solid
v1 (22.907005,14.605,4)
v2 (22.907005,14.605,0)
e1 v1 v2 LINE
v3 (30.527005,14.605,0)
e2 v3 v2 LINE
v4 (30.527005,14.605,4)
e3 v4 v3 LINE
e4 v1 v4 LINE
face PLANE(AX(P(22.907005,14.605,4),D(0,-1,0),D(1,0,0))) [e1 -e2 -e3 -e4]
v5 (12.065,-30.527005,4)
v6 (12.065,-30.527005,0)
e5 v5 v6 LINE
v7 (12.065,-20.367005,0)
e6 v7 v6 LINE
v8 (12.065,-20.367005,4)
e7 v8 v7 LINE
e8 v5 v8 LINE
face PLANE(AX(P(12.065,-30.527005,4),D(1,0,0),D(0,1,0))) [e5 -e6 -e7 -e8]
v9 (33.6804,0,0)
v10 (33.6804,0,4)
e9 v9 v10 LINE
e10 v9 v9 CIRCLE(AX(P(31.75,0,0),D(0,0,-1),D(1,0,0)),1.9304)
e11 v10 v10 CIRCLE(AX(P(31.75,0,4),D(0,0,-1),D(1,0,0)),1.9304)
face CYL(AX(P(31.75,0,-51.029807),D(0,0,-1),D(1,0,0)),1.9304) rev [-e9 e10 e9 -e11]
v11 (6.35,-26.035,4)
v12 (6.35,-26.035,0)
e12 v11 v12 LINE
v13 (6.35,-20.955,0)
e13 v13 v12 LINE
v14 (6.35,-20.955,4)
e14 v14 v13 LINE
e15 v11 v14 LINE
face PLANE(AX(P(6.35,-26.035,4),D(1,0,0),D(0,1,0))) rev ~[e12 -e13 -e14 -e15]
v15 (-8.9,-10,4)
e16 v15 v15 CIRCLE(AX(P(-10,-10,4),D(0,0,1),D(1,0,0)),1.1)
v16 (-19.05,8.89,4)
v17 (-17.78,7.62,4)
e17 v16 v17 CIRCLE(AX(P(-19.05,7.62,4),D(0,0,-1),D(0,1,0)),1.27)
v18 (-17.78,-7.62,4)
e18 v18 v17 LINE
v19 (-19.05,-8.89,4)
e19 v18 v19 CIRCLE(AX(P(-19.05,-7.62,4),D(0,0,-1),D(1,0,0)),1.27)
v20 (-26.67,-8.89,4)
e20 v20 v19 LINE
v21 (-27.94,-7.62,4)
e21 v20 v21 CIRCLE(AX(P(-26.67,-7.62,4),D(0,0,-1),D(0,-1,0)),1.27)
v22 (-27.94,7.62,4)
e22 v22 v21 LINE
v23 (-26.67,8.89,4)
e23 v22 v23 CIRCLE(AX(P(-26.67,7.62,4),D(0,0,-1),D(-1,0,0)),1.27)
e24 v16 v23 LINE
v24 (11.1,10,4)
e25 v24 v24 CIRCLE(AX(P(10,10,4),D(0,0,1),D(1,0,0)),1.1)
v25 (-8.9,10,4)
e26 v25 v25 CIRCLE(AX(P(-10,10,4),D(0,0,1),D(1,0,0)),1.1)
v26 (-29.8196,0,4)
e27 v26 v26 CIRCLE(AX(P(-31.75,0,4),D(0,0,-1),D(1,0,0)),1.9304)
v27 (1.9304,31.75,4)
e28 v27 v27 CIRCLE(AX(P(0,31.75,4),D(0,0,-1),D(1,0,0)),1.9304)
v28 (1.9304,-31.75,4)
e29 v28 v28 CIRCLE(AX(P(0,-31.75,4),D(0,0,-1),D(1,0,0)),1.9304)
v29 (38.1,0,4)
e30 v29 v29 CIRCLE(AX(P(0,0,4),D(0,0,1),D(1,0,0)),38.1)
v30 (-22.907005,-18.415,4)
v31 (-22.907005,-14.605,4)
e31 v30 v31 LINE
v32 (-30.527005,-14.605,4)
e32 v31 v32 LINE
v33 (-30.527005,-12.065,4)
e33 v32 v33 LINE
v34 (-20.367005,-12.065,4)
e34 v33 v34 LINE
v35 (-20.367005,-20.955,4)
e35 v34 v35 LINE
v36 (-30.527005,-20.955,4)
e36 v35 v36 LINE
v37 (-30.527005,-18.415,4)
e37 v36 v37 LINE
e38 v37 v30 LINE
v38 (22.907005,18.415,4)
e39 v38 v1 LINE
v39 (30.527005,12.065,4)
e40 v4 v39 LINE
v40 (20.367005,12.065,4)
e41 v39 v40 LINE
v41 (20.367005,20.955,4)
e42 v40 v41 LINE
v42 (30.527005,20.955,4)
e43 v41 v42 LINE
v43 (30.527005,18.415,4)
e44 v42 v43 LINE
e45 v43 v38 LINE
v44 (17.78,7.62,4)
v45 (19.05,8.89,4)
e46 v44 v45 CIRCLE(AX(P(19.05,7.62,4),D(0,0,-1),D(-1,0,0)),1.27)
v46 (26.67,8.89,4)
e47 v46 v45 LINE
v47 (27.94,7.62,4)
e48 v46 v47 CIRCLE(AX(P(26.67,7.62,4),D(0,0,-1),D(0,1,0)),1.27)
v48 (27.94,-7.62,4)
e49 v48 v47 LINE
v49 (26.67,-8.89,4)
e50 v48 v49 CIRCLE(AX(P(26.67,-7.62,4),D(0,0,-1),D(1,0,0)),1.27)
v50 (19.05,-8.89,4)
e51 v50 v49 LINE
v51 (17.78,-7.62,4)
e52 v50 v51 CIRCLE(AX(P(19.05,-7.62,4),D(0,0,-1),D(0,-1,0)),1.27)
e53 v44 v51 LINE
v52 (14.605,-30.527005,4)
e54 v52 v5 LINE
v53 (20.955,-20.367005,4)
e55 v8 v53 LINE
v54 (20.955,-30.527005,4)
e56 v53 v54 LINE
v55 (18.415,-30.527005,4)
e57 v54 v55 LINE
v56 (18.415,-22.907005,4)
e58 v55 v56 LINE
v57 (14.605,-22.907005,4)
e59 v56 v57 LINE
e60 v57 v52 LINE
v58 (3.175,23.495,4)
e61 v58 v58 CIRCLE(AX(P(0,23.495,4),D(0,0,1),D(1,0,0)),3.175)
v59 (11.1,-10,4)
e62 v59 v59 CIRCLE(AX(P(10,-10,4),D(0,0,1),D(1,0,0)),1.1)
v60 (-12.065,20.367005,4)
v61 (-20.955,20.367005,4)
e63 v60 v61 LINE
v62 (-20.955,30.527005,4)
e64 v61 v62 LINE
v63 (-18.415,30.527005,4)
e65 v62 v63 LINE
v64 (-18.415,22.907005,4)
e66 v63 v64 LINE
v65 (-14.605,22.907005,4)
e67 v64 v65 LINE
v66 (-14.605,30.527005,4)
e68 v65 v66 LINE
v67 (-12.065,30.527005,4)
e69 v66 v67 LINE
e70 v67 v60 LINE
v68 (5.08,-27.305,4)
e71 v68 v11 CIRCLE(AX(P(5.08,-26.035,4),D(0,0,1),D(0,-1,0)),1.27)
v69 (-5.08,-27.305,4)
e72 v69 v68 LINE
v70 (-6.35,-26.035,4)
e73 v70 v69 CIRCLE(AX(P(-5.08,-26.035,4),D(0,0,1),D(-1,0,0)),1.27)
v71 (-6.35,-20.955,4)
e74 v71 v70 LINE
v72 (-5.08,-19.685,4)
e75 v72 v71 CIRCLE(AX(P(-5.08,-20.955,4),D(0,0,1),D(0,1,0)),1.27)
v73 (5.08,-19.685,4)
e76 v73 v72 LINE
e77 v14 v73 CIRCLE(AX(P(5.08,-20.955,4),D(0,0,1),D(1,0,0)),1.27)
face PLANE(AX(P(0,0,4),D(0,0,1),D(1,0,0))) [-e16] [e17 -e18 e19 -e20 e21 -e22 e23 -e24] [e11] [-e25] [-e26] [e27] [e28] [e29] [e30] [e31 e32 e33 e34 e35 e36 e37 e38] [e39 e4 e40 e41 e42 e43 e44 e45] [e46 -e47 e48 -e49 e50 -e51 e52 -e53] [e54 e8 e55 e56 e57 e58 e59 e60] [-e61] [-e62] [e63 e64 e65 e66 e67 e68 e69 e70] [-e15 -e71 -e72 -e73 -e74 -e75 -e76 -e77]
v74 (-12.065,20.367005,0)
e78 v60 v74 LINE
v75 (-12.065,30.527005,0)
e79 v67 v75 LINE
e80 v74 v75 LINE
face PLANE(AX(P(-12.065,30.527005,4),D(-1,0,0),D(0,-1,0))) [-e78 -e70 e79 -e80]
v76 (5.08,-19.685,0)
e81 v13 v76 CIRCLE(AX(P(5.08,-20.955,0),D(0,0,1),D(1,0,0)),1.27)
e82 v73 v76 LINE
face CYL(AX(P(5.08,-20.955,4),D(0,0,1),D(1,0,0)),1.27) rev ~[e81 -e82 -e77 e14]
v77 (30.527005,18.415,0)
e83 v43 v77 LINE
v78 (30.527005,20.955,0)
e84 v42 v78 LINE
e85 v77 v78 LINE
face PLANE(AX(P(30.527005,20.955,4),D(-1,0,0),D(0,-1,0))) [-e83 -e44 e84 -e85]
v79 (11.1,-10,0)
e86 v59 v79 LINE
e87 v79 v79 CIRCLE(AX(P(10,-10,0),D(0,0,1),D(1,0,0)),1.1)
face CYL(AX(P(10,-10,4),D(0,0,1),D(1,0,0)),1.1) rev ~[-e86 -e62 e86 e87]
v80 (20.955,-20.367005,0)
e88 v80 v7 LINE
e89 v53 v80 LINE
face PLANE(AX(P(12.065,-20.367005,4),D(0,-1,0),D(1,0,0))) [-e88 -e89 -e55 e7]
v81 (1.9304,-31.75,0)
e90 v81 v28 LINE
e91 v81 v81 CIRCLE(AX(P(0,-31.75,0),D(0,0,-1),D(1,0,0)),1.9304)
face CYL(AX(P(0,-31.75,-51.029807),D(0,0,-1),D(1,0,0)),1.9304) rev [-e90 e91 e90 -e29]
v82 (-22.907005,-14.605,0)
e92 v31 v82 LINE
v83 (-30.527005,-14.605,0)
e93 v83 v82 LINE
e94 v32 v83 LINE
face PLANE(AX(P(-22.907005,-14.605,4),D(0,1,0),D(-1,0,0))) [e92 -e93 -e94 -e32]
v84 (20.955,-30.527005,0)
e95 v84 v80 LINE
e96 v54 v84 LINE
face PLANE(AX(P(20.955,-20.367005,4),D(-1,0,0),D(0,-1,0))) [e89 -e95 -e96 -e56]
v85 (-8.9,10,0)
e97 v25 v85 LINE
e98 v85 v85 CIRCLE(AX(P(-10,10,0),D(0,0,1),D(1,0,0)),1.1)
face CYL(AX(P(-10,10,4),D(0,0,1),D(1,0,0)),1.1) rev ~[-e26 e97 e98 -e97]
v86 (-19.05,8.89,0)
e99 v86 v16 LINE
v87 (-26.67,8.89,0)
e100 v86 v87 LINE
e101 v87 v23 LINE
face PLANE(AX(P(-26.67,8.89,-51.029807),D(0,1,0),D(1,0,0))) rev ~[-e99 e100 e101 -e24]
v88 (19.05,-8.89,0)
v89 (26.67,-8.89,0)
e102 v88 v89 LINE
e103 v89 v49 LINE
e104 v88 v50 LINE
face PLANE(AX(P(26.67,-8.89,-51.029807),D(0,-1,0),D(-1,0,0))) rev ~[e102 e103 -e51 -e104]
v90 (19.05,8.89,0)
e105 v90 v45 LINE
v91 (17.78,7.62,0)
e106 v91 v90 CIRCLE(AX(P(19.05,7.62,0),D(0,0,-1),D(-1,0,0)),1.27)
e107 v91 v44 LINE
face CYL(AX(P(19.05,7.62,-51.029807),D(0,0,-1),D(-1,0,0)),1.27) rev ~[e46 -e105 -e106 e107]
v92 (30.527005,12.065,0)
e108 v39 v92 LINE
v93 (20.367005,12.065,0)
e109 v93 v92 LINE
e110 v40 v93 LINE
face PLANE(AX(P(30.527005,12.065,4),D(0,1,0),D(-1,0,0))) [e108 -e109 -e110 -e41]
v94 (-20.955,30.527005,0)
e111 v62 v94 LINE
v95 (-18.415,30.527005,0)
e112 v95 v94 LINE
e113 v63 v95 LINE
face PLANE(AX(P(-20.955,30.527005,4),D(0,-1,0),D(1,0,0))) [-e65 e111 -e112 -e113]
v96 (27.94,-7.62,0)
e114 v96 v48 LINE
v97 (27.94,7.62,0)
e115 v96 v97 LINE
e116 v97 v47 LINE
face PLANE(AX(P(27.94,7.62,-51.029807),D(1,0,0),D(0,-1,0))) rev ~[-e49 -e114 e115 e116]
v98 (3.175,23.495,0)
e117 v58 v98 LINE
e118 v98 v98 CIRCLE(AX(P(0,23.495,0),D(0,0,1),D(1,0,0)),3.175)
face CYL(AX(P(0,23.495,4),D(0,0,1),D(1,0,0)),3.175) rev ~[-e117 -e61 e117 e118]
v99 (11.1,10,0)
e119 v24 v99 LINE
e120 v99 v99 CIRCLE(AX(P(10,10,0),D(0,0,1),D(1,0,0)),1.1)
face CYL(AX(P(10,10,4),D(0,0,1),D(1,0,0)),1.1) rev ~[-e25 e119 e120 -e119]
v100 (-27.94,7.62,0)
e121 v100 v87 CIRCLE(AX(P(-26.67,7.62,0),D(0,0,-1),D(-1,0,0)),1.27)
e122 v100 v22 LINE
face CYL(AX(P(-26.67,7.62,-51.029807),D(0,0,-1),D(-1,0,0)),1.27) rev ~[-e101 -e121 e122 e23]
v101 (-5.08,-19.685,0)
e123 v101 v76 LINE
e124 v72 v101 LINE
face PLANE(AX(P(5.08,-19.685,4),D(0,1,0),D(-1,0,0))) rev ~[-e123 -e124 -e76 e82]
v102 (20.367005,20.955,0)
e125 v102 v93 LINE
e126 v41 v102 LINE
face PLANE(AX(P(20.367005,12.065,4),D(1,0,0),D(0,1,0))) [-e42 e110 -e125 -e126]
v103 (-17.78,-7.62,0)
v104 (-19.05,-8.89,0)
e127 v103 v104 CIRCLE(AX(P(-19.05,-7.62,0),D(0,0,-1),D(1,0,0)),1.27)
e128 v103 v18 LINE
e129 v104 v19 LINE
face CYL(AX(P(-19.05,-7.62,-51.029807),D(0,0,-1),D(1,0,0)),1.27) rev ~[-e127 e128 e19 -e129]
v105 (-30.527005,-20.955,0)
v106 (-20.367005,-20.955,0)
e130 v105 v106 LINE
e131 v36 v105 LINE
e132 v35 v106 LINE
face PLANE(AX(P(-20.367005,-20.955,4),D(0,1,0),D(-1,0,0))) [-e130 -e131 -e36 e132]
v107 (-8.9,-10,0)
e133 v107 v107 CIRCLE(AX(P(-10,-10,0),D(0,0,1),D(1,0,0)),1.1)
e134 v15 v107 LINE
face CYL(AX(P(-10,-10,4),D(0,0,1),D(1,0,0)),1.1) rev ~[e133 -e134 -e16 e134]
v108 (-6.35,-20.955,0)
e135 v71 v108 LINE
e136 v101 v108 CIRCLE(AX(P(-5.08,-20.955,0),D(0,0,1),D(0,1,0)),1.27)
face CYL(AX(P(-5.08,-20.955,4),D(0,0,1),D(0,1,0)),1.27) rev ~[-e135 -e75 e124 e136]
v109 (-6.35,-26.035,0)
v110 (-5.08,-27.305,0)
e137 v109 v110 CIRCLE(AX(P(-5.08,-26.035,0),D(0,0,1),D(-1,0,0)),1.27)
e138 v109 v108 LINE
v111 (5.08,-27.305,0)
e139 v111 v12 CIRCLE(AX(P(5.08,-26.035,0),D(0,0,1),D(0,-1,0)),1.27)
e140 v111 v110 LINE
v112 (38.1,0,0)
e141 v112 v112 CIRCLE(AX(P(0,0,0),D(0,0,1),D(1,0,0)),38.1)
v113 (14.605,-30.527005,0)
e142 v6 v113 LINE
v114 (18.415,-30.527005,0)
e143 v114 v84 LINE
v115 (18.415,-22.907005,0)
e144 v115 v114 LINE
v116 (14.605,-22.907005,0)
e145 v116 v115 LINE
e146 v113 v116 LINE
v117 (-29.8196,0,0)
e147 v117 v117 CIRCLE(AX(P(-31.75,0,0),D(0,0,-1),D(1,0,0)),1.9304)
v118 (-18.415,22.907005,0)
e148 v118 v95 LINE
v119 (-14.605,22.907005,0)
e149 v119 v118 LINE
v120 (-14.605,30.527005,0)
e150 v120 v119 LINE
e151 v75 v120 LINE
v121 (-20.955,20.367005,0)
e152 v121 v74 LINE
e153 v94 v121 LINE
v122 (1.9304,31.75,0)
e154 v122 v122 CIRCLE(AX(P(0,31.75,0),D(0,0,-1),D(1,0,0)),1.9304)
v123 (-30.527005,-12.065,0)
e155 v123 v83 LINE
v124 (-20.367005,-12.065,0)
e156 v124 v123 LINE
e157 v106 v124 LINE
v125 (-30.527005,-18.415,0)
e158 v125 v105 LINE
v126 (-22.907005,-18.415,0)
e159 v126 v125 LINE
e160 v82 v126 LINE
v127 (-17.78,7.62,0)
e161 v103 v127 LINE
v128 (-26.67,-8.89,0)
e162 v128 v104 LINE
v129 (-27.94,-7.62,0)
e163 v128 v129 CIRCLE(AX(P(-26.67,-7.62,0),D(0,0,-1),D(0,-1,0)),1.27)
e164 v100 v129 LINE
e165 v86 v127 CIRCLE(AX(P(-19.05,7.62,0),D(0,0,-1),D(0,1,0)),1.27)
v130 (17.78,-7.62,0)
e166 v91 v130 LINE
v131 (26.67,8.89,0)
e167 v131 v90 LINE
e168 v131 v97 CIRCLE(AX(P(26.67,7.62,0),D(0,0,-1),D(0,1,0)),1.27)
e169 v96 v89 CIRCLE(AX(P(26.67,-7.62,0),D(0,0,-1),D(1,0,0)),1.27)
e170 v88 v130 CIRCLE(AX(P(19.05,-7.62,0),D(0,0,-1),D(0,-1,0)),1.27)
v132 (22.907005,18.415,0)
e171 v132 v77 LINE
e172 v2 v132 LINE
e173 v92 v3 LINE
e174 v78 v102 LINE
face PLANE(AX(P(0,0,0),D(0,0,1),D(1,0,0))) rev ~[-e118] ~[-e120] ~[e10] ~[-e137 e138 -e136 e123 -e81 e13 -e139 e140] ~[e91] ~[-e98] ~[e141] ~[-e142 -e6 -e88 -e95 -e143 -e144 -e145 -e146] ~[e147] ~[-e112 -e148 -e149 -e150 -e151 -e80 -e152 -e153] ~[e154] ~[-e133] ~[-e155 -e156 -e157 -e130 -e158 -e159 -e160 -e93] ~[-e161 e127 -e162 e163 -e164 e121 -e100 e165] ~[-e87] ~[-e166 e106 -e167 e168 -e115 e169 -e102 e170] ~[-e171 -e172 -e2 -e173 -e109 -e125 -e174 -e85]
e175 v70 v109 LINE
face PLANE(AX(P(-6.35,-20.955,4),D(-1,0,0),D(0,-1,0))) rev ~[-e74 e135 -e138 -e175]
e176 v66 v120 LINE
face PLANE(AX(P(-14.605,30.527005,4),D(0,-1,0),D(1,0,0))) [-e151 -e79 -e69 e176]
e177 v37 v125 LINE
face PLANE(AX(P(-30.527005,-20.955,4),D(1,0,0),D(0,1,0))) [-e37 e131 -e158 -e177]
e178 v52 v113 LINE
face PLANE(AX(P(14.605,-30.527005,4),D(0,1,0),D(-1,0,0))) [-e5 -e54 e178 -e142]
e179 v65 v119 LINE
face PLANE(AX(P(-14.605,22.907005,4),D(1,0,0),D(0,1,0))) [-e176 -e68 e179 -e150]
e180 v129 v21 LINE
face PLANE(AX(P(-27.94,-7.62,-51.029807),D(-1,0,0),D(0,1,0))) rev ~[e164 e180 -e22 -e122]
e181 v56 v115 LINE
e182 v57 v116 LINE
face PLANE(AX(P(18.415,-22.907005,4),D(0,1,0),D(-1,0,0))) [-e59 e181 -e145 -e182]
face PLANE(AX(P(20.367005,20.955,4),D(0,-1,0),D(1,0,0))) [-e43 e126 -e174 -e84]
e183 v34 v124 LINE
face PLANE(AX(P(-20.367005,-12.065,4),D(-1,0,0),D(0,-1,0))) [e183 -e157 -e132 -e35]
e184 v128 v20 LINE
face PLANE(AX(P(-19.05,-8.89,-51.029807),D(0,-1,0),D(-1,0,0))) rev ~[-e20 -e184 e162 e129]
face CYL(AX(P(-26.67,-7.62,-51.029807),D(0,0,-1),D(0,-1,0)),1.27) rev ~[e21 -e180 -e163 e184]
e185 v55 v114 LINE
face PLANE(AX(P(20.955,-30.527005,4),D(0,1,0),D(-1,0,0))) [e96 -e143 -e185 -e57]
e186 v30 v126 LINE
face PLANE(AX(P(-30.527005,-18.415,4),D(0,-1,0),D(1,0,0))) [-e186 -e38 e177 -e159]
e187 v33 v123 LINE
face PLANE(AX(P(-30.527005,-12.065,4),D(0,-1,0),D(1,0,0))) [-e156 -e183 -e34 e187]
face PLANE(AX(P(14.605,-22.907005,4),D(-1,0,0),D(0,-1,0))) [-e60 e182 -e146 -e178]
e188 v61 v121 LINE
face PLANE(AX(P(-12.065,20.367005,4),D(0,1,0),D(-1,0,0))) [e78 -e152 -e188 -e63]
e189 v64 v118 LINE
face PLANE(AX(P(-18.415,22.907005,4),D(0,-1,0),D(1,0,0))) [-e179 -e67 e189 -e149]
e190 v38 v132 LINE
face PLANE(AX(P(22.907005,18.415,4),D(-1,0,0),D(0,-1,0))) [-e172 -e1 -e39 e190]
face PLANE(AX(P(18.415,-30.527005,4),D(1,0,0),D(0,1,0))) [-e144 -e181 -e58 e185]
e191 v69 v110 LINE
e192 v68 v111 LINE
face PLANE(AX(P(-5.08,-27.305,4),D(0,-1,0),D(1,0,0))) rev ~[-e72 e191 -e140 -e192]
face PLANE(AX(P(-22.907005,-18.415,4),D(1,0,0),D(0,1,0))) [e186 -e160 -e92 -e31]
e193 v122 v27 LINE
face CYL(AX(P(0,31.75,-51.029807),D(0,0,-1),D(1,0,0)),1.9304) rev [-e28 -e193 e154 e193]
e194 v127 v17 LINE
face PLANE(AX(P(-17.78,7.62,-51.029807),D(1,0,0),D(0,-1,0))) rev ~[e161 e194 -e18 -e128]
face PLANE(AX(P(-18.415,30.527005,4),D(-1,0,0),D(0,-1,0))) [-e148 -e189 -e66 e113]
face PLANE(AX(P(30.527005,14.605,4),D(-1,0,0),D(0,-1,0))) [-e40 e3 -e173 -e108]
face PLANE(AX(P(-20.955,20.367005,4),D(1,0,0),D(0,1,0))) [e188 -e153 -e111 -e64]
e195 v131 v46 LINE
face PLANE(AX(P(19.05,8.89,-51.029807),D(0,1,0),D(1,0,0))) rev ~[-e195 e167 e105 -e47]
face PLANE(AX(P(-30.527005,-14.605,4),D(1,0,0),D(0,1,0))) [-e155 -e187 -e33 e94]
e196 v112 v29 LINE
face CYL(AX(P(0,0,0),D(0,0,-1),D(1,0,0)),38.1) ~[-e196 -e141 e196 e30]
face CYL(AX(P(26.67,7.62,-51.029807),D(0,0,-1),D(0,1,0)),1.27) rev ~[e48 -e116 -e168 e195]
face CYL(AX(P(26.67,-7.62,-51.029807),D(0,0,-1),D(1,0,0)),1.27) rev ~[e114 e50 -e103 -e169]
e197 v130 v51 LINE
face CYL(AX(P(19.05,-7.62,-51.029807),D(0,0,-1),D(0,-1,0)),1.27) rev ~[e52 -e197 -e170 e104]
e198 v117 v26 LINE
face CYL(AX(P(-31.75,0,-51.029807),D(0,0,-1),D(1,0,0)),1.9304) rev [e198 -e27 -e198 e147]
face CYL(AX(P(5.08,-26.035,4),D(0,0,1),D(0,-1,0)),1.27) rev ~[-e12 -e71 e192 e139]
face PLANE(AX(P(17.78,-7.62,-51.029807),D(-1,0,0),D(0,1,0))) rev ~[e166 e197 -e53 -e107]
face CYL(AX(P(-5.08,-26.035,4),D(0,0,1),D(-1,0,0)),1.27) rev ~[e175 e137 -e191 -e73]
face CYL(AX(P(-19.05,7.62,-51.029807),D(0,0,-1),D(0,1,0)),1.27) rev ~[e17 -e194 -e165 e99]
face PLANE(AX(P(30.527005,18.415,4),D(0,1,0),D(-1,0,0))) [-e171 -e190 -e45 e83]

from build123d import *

# Parameters (mm, degrees)
SKETCH1_R               = 38.1
BOSS_EXTRUDE1_DEPTH     = 4
SKETCH2_R               = 1.1
CUT_EXTRUDE1_DEPTH      = 55.029806589
CUT_EXTRUDE2_DEPTH      = 55.029806589
CUT_EXTRUDE2_DEPTH_BACK = 55.029806589
SKETCH3_R               = 1.9304
CUT_EXTRUDE3_DEPTH      = 55.029806589
CUT_EXTRUDE3_DEPTH_BACK = 55.029806589
CUT_EXTRUDE4_REACH      = 56.03
SKETCH5_R               = 3.175
CUT_EXTRUDE5_REACH      = 56.03


with BuildPart() as part:
    # Sketch1 → Boss-Extrude1 (new body)
    with BuildSketch(Plane.XY):
        Circle(SKETCH1_R)
    extrude(amount=BOSS_EXTRUDE1_DEPTH)

    # Sketch2 → Cut-Extrude1 (cut, through all)
    with BuildSketch(Plane.XY.offset(4)):
        with Locations((10, 10)):
            Circle(SKETCH2_R)
        with Locations((10, -10)):
            Circle(SKETCH2_R)
        with Locations((-10, -10)):
            Circle(SKETCH2_R)
        with Locations((-10, 10)):
            Circle(SKETCH2_R)
    extrude(amount=-CUT_EXTRUDE1_DEPTH, mode=Mode.SUBTRACT)

    # Sketch3 → Cut-Extrude2 (cut, two sides: drawn at the far end of the back side and taken through both)
    with BuildSketch(Plane.XY.offset(4).offset(-CUT_EXTRUDE2_DEPTH_BACK)):
        with Locations((0, -31.75)):
            Circle(SKETCH3_R)
        with Locations((-31.75, 0)):
            Circle(SKETCH3_R)
        with Locations((0, 31.75)):
            Circle(SKETCH3_R)
        with Locations((31.75, 0)):
            Circle(SKETCH3_R)
    extrude(amount=CUT_EXTRUDE2_DEPTH + CUT_EXTRUDE2_DEPTH_BACK, mode=Mode.SUBTRACT)

    # Sketch4 → Cut-Extrude3 (cut, two sides: drawn at the far end of the back side and taken through both)
    with BuildSketch(Plane.XY.offset(4).offset(-CUT_EXTRUDE3_DEPTH_BACK)):
        with BuildLine():
            Line((-19.05, -8.89), (-26.67, -8.89))
            ThreePointArc((-26.67, -8.89), (-27.568025612, -8.518025612), (-27.94, -7.62))
            Line((-27.94, -7.62), (-27.94, 7.62))
            ThreePointArc((-27.94, 7.62), (-27.568025612, 8.518025612), (-26.67, 8.89))
            Line((-26.67, 8.89), (-19.05, 8.89))
            ThreePointArc((-19.05, 8.89), (-18.151974388, 8.518025612), (-17.78, 7.62))
            Line((-17.78, 7.62), (-17.78, -7.62))
            ThreePointArc((-17.78, -7.62), (-18.151974388, -8.518025612), (-19.05, -8.89))
        make_face()
        with BuildLine():
            Line((19.05, 8.89), (26.67, 8.89))
            ThreePointArc((26.67, 8.89), (27.568025612, 8.518025612), (27.94, 7.62))
            Line((27.94, 7.62), (27.94, -7.62))
            ThreePointArc((27.94, -7.62), (27.568025612, -8.518025612), (26.67, -8.89))
            Line((26.67, -8.89), (19.05, -8.89))
            ThreePointArc((19.05, -8.89), (18.151974388, -8.518025612), (17.78, -7.62))
            Line((17.78, -7.62), (17.78, 7.62))
            ThreePointArc((17.78, 7.62), (18.151974388, 8.518025612), (19.05, 8.89))
        make_face()
    extrude(amount=CUT_EXTRUDE3_DEPTH + CUT_EXTRUDE3_DEPTH_BACK, mode=Mode.SUBTRACT)

    # Sketch5 → Cut-Extrude4 (cut, up to next)
    with BuildSketch(Plane.XY.offset(4), mode=Mode.PRIVATE) as cut_extrude4_sk1:
        with Locations((0, 23.495)):
            Circle(SKETCH5_R)
    cut_extrude4_tool1 = extrude(cut_extrude4_sk1.sketch, amount=-CUT_EXTRUDE4_REACH, mode=Mode.PRIVATE) & part.part
    # Sketch5 → Cut-Extrude4 (cut, up to next)
    with BuildSketch(Plane.XY.offset(4), mode=Mode.PRIVATE) as cut_extrude4_sk2:
        with BuildLine():
            Line((-5.08, -27.305), (5.08, -27.305))
            ThreePointArc((5.08, -27.305), (5.978025612, -26.933025612), (6.35, -26.035))
            Line((6.35, -26.035), (6.35, -20.955))
            ThreePointArc((6.35, -20.955), (5.978025612, -20.056974388), (5.08, -19.685))
            Line((5.08, -19.685), (-5.08, -19.685))
            ThreePointArc((-5.08, -19.685), (-5.978025612, -20.056974388), (-6.35, -20.955))
            Line((-6.35, -20.955), (-6.35, -26.035))
            ThreePointArc((-6.35, -26.035), (-5.978025612, -26.933025612), (-5.08, -27.305))
        make_face()
    cut_extrude4_tool2 = extrude(cut_extrude4_sk2.sketch, amount=-CUT_EXTRUDE4_REACH, mode=Mode.PRIVATE) & part.part
    add(cut_extrude4_tool1.solids().sort_by_distance((0, 23.495, 4))[0], mode=Mode.SUBTRACT)
    add(cut_extrude4_tool2.solids().sort_by_distance((0, -23.495, 4))[0], mode=Mode.SUBTRACT)

    # Sketch6 → Cut-Extrude5 (cut, up to next)
    with BuildSketch(Plane.XY.offset(4), mode=Mode.PRIVATE) as cut_extrude5_sk1:
        Polygon((-18.415, 22.90700482), (-14.605, 22.90700482), (-14.605, 30.52700482), (-12.065, 30.52700482), (-12.065, 20.36700482), (-20.955, 20.36700482), (-20.955, 30.52700482), (-18.415, 30.52700482), align=None)
    cut_extrude5_tool1 = extrude(cut_extrude5_sk1.sketch, amount=-CUT_EXTRUDE5_REACH, mode=Mode.PRIVATE) & part.part
    # Sketch6 → Cut-Extrude5 (cut, up to next)
    with BuildSketch(Plane.XY.offset(4), mode=Mode.PRIVATE) as cut_extrude5_sk2:
        Polygon((22.90700482, 18.415), (22.90700482, 14.605), (30.52700482, 14.605), (30.52700482, 12.065), (20.36700482, 12.065), (20.36700482, 20.955), (30.52700482, 20.955), (30.52700482, 18.415), align=None)
    cut_extrude5_tool2 = extrude(cut_extrude5_sk2.sketch, amount=-CUT_EXTRUDE5_REACH, mode=Mode.PRIVATE) & part.part
    # Sketch6 → Cut-Extrude5 (cut, up to next)
    with BuildSketch(Plane.XY.offset(4), mode=Mode.PRIVATE) as cut_extrude5_sk3:
        Polygon((18.415, -22.90700482), (14.605, -22.90700482), (14.605, -30.52700482), (12.065, -30.52700482), (12.065, -20.36700482), (20.955, -20.36700482), (20.955, -30.52700482), (18.415, -30.52700482), align=None)
    cut_extrude5_tool3 = extrude(cut_extrude5_sk3.sketch, amount=-CUT_EXTRUDE5_REACH, mode=Mode.PRIVATE) & part.part
    # Sketch6 → Cut-Extrude5 (cut, up to next)
    with BuildSketch(Plane.XY.offset(4), mode=Mode.PRIVATE) as cut_extrude5_sk4:
        Polygon((-22.90700482, -18.415), (-22.90700482, -14.605), (-30.52700482, -14.605), (-30.52700482, -12.065), (-20.36700482, -12.065), (-20.36700482, -20.955), (-30.52700482, -20.955), (-30.52700482, -18.415), align=None)
    cut_extrude5_tool4 = extrude(cut_extrude5_sk4.sketch, amount=-CUT_EXTRUDE5_REACH, mode=Mode.PRIVATE) & part.part
    add(cut_extrude5_tool1.solids().sort_by_distance((-16.51, 22.772002, 4))[0], mode=Mode.SUBTRACT)
    add(cut_extrude5_tool2.solids().sort_by_distance((22.772002, 16.51, 4))[0], mode=Mode.SUBTRACT)
    add(cut_extrude5_tool3.solids().sort_by_distance((16.51, -22.772002, 4))[0], mode=Mode.SUBTRACT)
    add(cut_extrude5_tool4.solids().sort_by_distance((-22.772002, -16.51, 4))[0], mode=Mode.SUBTRACT)


solid = part.part
